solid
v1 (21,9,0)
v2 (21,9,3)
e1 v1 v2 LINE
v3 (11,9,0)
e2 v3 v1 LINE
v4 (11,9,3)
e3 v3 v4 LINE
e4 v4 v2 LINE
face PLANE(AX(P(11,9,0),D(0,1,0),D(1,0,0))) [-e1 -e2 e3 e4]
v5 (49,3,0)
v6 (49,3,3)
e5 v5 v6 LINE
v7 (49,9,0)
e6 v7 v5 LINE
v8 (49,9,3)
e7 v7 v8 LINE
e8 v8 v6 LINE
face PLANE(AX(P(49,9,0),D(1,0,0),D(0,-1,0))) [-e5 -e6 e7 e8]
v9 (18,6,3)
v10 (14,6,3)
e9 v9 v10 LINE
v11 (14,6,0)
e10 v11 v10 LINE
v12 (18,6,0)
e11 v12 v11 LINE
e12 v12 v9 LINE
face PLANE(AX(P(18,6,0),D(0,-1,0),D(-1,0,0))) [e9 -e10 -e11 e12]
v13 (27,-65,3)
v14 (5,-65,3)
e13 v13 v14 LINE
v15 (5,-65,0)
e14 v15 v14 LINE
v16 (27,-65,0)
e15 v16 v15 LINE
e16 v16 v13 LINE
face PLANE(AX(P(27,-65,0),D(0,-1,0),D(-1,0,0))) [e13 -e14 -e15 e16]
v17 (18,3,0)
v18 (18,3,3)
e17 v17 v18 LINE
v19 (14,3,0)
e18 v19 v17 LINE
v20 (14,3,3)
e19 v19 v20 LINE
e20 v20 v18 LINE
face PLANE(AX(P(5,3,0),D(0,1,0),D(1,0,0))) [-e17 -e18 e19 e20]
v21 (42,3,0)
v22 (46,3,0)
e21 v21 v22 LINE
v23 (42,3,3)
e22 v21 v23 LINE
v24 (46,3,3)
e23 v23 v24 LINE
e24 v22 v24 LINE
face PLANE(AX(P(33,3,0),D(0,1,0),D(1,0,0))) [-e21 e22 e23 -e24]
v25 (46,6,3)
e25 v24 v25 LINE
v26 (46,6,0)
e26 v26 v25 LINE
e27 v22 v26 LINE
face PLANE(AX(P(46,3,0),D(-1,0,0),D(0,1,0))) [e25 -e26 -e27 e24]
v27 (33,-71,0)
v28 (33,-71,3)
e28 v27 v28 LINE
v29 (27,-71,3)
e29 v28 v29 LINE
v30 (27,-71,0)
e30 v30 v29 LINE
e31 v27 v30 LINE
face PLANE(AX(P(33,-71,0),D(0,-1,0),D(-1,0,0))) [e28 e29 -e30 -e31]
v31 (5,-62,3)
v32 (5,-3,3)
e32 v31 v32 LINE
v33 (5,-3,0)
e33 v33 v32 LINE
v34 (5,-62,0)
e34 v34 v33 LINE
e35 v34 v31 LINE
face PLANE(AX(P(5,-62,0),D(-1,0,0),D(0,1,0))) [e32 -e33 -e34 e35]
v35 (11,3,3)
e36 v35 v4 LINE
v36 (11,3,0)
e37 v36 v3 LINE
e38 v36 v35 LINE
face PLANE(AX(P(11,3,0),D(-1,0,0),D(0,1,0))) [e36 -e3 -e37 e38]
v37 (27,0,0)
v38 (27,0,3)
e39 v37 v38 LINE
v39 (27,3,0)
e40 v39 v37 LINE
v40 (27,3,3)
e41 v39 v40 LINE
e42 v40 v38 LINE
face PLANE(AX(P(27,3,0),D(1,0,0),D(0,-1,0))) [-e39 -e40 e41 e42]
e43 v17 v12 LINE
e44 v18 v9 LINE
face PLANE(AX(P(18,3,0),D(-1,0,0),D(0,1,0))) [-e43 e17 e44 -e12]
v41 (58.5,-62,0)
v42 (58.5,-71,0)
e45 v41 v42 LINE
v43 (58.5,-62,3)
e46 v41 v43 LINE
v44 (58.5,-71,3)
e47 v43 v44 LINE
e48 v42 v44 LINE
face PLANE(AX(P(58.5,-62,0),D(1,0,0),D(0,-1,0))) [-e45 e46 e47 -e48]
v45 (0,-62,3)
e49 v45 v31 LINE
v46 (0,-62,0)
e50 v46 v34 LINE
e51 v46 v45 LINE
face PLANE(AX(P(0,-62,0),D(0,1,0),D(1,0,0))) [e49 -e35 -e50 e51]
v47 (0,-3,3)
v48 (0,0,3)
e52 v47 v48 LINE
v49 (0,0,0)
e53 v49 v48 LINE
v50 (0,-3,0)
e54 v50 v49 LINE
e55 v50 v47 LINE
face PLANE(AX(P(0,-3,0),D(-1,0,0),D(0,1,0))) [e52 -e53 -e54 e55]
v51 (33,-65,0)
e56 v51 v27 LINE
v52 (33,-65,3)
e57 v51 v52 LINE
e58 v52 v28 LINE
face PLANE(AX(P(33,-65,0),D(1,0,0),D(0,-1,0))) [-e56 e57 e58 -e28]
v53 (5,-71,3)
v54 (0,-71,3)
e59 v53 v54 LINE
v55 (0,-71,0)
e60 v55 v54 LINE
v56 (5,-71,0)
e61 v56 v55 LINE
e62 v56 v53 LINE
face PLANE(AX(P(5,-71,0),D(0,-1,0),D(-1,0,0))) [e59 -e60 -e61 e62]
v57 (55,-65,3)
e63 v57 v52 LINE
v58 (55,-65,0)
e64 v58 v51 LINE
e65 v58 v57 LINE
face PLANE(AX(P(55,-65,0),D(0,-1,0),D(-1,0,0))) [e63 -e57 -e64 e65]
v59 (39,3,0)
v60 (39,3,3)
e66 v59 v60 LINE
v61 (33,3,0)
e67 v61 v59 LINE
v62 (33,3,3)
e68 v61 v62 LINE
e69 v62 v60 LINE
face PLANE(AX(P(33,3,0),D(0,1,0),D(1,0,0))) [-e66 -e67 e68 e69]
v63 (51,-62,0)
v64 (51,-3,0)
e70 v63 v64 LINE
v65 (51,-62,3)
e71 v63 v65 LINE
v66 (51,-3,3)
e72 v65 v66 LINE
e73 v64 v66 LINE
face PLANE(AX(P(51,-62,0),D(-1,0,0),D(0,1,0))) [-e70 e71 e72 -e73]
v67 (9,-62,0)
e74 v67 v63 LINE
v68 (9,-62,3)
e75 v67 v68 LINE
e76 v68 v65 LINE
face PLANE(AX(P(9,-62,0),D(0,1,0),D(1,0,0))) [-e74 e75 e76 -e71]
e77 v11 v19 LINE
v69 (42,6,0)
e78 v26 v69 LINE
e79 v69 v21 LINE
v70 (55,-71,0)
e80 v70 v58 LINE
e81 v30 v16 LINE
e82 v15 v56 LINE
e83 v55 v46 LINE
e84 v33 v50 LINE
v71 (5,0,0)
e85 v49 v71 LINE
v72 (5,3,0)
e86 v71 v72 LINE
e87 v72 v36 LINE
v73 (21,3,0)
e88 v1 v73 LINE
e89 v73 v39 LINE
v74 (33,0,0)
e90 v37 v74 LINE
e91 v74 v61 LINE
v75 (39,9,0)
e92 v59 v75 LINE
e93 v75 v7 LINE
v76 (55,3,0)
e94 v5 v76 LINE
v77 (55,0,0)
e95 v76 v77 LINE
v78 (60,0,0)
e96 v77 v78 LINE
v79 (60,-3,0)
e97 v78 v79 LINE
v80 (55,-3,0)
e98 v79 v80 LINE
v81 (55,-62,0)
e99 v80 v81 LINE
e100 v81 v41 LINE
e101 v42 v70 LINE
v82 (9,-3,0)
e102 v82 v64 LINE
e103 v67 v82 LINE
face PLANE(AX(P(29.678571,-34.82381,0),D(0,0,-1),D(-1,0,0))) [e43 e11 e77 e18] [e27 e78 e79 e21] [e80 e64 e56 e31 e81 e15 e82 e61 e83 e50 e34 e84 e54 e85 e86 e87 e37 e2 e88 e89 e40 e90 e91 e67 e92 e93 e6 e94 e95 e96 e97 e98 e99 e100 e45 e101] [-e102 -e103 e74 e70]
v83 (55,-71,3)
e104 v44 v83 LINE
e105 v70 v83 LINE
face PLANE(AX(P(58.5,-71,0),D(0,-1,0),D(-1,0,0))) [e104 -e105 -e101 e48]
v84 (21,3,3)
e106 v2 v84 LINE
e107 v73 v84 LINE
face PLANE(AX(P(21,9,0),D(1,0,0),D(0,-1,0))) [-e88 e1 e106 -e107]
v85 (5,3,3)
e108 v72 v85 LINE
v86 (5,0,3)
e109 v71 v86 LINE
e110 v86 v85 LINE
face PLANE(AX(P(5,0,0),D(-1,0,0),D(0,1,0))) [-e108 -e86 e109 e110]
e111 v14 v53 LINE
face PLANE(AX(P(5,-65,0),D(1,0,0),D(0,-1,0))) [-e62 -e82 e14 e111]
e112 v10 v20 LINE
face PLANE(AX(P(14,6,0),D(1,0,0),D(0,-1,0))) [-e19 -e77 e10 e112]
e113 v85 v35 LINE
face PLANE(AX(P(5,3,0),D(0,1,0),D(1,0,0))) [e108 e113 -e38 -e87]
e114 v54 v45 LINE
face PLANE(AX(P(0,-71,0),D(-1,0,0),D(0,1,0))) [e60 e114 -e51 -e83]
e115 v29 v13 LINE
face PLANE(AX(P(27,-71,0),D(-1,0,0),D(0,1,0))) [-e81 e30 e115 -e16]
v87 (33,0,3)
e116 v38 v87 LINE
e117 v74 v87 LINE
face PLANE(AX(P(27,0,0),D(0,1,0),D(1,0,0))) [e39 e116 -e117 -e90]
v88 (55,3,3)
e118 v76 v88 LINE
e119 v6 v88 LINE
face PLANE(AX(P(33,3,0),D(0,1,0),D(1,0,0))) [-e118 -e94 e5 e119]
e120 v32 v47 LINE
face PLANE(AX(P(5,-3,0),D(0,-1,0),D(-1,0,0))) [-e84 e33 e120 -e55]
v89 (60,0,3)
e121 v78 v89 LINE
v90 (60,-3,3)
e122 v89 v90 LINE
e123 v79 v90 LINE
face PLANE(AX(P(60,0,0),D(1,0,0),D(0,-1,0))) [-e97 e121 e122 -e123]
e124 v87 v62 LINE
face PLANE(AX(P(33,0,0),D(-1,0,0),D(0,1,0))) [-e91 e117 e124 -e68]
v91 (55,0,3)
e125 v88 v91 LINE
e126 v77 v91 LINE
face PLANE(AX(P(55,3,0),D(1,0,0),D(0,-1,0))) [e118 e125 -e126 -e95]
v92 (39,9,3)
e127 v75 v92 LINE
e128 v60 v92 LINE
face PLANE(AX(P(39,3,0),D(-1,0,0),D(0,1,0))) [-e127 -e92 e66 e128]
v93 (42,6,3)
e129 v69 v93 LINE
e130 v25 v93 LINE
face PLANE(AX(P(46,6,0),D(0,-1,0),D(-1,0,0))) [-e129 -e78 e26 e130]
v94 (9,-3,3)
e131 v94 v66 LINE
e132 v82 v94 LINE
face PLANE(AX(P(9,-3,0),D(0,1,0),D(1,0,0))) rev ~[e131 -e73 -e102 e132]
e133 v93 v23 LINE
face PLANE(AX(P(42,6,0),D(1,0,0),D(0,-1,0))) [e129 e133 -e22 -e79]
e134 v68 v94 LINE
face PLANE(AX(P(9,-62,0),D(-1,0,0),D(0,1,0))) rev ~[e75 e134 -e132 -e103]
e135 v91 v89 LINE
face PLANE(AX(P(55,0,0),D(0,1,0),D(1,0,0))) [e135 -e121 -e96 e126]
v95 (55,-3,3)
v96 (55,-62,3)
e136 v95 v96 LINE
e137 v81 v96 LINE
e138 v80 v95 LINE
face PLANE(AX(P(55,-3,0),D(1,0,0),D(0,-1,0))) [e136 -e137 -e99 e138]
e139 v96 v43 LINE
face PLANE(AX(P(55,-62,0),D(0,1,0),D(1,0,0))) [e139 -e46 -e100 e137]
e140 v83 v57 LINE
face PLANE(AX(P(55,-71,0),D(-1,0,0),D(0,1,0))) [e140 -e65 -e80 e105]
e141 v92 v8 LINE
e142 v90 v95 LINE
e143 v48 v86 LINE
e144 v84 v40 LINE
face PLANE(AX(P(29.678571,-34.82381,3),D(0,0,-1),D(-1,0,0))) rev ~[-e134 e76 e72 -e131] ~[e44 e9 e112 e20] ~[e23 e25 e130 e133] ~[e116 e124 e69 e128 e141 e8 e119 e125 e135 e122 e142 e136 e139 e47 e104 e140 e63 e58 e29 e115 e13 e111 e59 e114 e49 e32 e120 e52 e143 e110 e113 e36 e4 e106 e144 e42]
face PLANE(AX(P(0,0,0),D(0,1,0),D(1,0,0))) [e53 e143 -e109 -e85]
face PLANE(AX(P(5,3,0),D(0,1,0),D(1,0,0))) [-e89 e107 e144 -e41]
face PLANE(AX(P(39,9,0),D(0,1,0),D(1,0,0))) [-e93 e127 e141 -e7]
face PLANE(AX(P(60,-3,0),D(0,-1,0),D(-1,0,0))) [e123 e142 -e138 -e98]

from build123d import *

# Parameters (mm, degrees)
SKETCH1_W           = 42
SKETCH1_H           = 59
BOSS_EXTRUDE1_DEPTH = 3
BOSS_EXTRUDE2_DEPTH = 3


with BuildPart() as part:
    # Sketch1 → Boss-Extrude1 (new body)
    with BuildSketch(Plane.XY):
        Polygon((0, 0), (5, 0), (5, 3), (27, 3), (27, 0), (33, 0), (33, 3), (55, 3), (55, 0), (60, 0), (60, -3), (55, -3), (55, -62), (58.5, -62), (58.5, -71), (55, -71), (55, -65), (33, -65), (33, -71), (27, -71), (27, -65), (5, -65), (5, -71), (0, -71), (0, -62), (5, -62), (5, -3), (0, -3), align=None)
        with Locations((30, -32.5)):
            Rectangle(SKETCH1_W, SKETCH1_H, mode=Mode.SUBTRACT)
    extrude(amount=BOSS_EXTRUDE1_DEPTH)

    # Sketch2 → Boss-Extrude2 (add)
    with BuildSketch(Plane(origin=(0, 0, 0), x_dir=(-1, 0, 0), z_dir=(0, 0, -1))):
        Polygon((-49, 9), (-49, 3), (-46, 3), (-46, 6), (-42, 6), (-42, 3), (-39, 3), (-39, 9), align=None)
        Polygon((-21, 3), (-18, 3), (-18, 6), (-14, 6), (-14, 3), (-11, 3), (-11, 9), (-21, 9), align=None)
    extrude(amount=-BOSS_EXTRUDE2_DEPTH)


solid = part.part
